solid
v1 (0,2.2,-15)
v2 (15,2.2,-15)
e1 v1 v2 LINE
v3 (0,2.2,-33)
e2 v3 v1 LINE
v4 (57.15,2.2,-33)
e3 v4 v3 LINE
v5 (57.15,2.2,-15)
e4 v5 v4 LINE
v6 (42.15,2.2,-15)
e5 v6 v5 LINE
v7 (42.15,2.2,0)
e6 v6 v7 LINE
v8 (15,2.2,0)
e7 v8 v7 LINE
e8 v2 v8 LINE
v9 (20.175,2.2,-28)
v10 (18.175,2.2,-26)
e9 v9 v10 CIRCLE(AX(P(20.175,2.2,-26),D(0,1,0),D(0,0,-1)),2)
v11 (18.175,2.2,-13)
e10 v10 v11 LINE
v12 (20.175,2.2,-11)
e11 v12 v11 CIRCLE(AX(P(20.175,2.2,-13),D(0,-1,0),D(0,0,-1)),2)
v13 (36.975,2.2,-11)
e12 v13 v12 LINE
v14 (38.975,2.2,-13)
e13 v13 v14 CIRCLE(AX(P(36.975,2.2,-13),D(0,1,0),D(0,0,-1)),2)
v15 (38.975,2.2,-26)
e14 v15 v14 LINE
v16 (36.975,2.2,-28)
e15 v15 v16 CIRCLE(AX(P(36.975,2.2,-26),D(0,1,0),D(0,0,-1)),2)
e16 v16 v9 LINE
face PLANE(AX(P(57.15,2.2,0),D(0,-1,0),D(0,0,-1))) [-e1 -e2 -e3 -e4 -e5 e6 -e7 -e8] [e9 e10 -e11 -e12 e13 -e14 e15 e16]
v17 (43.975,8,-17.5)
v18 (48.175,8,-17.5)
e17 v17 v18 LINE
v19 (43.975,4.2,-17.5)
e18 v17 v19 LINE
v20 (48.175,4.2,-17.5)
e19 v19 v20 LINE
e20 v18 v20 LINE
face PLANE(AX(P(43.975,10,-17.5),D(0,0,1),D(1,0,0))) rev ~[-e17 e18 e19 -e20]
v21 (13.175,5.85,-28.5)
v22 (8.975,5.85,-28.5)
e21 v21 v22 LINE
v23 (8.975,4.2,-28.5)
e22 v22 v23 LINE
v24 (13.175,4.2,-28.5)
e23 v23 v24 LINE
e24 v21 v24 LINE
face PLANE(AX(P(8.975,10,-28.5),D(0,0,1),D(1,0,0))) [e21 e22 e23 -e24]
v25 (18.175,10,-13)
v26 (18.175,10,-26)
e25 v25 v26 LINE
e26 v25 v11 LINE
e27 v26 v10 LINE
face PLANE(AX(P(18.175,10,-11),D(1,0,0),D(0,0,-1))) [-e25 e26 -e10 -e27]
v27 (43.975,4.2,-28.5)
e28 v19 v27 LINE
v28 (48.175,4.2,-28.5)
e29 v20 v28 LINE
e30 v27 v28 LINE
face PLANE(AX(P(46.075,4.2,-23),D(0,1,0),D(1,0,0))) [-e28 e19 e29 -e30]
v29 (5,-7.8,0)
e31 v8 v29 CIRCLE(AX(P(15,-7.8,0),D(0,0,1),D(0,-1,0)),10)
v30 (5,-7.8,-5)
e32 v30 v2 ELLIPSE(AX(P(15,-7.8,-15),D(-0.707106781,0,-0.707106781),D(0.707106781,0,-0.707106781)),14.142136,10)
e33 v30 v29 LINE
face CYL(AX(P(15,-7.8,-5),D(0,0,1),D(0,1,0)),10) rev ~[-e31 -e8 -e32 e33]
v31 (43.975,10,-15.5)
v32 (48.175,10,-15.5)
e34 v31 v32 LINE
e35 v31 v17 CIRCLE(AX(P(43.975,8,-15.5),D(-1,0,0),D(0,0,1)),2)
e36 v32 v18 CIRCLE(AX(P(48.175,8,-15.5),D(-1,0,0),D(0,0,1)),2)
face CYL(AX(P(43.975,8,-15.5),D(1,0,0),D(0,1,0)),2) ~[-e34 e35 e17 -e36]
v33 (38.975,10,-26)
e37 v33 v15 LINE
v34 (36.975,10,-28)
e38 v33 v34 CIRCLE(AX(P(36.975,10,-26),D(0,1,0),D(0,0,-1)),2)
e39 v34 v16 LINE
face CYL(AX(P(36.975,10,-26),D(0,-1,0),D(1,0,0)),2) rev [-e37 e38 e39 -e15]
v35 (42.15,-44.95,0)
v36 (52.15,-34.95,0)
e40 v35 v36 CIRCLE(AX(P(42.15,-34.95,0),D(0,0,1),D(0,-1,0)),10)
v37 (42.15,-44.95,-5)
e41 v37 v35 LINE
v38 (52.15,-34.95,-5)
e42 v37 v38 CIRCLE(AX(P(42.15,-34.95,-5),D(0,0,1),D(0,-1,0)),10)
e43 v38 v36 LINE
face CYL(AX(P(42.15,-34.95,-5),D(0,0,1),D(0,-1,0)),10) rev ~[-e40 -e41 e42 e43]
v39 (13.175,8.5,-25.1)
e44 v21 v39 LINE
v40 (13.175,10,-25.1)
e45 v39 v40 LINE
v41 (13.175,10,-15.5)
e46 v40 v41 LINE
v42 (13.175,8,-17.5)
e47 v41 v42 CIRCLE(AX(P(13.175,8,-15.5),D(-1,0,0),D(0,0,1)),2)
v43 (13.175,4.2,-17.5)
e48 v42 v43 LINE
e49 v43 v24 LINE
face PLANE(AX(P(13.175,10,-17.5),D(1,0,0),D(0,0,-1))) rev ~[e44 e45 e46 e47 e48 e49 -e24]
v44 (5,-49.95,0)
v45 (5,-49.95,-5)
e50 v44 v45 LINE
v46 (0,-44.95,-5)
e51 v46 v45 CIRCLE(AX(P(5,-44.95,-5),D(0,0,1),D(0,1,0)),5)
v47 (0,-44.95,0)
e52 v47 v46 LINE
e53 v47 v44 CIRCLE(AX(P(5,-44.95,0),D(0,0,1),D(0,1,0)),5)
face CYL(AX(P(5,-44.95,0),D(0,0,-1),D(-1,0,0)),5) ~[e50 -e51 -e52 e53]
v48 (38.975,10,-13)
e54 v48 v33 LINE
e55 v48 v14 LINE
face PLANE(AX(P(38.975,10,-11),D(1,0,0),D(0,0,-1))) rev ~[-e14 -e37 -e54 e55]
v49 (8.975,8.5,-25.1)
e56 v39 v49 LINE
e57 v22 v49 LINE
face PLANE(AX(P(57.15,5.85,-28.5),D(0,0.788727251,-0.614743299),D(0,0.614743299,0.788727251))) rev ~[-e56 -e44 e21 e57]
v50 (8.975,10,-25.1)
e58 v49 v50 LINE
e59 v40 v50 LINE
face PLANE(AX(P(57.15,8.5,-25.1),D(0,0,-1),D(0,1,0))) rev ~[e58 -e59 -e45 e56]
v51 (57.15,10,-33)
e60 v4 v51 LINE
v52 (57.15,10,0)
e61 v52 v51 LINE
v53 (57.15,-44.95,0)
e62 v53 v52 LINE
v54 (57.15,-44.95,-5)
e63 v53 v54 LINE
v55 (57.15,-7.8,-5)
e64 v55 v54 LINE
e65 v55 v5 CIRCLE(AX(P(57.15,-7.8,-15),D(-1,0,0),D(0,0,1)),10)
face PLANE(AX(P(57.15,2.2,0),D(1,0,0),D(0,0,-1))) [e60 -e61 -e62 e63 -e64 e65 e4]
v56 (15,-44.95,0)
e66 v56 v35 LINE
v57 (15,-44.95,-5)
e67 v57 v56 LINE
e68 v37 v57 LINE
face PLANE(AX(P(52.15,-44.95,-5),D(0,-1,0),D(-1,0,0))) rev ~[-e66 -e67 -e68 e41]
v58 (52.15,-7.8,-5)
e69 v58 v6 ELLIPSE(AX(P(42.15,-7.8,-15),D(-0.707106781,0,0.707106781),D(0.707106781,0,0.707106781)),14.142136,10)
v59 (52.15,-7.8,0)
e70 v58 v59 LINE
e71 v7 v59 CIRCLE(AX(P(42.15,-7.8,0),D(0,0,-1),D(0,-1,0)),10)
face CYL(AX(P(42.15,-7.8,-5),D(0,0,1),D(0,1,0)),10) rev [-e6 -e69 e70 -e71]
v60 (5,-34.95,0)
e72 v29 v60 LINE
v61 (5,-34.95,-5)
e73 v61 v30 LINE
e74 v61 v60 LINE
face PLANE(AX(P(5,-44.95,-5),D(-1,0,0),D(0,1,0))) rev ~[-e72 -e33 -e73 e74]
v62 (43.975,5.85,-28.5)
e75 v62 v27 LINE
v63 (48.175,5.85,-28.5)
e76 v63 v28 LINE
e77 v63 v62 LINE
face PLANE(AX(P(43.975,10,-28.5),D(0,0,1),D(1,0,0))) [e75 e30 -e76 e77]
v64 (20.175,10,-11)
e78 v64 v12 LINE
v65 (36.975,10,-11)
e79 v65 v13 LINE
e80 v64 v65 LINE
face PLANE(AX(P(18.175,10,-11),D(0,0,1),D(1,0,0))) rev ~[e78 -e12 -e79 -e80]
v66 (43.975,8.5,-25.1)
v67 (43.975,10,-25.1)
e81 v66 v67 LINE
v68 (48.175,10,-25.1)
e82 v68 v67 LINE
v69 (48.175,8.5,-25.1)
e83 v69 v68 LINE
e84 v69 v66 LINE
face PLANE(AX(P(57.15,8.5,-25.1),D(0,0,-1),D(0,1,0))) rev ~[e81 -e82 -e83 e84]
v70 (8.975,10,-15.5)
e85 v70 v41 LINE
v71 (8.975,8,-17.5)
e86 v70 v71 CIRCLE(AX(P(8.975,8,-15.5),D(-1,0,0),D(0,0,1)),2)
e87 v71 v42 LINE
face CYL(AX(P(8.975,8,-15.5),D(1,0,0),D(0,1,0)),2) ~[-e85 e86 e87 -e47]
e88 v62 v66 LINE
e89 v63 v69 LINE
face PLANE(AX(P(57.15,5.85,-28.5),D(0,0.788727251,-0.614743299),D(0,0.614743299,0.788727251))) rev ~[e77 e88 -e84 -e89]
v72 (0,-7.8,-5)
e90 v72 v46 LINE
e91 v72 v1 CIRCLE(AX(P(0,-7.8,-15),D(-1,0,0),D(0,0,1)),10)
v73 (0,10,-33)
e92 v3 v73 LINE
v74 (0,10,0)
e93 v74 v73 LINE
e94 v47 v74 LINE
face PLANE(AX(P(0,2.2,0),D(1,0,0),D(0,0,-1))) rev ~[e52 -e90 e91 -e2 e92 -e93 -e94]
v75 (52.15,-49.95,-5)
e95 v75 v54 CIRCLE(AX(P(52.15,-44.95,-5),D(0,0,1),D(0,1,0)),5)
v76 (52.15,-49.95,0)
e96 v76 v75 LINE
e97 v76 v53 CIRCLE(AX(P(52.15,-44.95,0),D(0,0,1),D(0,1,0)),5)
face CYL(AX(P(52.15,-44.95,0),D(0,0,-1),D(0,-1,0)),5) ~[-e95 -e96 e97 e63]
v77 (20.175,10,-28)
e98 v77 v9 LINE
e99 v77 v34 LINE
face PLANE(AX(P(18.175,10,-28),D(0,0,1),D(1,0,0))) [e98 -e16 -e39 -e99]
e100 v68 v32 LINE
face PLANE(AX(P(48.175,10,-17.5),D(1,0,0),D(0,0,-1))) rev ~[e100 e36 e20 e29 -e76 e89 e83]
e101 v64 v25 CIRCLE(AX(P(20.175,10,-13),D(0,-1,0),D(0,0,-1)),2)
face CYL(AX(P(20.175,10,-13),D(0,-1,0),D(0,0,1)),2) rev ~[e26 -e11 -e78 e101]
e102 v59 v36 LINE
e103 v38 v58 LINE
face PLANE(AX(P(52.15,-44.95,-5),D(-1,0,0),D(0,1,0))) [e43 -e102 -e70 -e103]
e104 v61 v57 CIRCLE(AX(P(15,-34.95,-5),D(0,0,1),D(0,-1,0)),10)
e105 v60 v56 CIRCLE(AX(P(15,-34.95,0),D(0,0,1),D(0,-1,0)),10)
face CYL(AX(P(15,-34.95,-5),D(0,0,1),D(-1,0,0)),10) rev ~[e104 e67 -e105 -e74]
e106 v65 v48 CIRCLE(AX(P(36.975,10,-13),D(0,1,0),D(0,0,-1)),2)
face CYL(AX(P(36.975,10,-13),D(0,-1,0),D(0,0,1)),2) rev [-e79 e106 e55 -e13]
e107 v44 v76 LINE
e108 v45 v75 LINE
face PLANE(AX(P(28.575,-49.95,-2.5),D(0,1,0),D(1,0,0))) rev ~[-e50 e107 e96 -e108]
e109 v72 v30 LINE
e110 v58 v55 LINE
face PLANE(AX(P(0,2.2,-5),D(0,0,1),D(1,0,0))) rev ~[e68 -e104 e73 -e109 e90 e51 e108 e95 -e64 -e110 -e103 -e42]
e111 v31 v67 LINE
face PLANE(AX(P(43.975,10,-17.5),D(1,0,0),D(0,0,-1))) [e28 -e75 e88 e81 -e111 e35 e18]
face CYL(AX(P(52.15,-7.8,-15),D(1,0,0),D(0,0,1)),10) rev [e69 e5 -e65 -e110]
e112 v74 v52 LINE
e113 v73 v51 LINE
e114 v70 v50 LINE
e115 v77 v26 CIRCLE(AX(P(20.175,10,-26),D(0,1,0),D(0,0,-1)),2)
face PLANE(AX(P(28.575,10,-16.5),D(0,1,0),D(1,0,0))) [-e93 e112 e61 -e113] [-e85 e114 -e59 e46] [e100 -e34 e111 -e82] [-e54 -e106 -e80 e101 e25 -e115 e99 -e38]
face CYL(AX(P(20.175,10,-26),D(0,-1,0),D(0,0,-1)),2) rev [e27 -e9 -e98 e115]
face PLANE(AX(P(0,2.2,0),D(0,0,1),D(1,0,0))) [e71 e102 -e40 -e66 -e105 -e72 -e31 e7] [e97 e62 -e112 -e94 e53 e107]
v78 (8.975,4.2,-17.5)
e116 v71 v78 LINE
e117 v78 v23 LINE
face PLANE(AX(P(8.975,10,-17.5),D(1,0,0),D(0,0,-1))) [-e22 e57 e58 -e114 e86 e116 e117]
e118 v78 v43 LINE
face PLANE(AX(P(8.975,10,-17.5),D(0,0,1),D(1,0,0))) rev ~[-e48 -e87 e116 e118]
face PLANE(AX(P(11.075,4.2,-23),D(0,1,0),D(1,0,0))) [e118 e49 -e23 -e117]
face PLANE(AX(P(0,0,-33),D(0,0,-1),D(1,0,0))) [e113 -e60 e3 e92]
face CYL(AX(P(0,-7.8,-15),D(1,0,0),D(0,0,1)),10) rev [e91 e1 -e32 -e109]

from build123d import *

# Parameters (mm, degrees)
SKETCH1_W               = 57.15
SKETCH1_H               = 33
BOSS_EXTRUDE1_DEPTH     = 10
SKETCH2_W               = 4.2
SKETCH2_H               = 11
CUT_EXTRUDE1_DEPTH      = 5.8
BOSS_EXTRUDE2_START     = -43.975
BOSS_EXTRUDE2_DEPTH     = 55.8
SKETCH4_W               = 33
SKETCH4_H               = 2.2
CUT_EXTRUDE2_DEPTH      = 1
CUT_EXTRUDE2_DEPTH_BACK = 58.15
FILLET1_R               = 2
SKETCH7_W               = 20.8
SKETCH7_H               = 17
CUT_EXTRUDE4_DEPTH      = 16
FILLET2_R               = 2
BOSS_EXTRUDE4_START     = -7.8
SKETCH5_W               = 57.15
SKETCH5_H               = 5
BOSS_EXTRUDE4_DEPTH     = 52.15
SKETCH8_W               = 47.15
SKETCH8_H               = 47.15
CUT_EXTRUDE5_DEPTH      = 52.15
FILLET3_R               = 10
FILLET4_R               = 5


with BuildPart() as part:
    # Sketch1 → Boss-Extrude1 (new body)
    with BuildSketch(Plane(origin=(0, 0, 0), x_dir=(1, 0, 0), z_dir=(0, 1, 0))):
        with Locations((28.575, 16.5)):
            Rectangle(SKETCH1_W, SKETCH1_H)
    extrude(amount=BOSS_EXTRUDE1_DEPTH)

    # Sketch2 → Cut-Extrude1 (cut)
    with BuildSketch(Plane(origin=(0, 10, 0), x_dir=(1, 0, 0), z_dir=(0, 1, 0))):
        with Locations((11.075, 23)):
            Rectangle(SKETCH2_W, SKETCH2_H)
        with Locations((46.075, 23)):
            Rectangle(SKETCH2_W, SKETCH2_H)
    extrude(amount=-CUT_EXTRUDE1_DEPTH, mode=Mode.SUBTRACT)

    # Sketch3 → Boss-Extrude2 (add)
    with BuildSketch(Plane.ZY.offset(-13.175).offset(BOSS_EXTRUDE2_START)):
        Polygon((-28.5, 5.85), (-25.1, 8.5), (-25.1, 10), (-28.5, 10), align=None)
    extrude(amount=BOSS_EXTRUDE2_DEPTH)

    # Sketch4 → Cut-Extrude2 (cut, two sides)
    with BuildSketch(Plane(origin=(57.15, 0, 0), x_dir=(0, 0, -1), z_dir=(1, 0, 0))) as cut_extrude2_sk:
        with Locations((16.5, 1.1)):
            Rectangle(SKETCH4_W, SKETCH4_H)
    extrude(amount=CUT_EXTRUDE2_DEPTH, mode=Mode.SUBTRACT)
    extrude(cut_extrude2_sk.sketch, amount=-CUT_EXTRUDE2_DEPTH_BACK, mode=Mode.SUBTRACT)

    # Fillet1
    fillet1_edges = [part.edges().sort_by_distance(p)[0] for p in [
        (11.075, 10, -17.5),
        (46.075, 10, -17.5),
    ]]
    fillet(fillet1_edges, radius=FILLET1_R)

    # Sketch7 → Cut-Extrude4 (cut)
    with BuildSketch(Plane(origin=(0, 10, 0), x_dir=(1, 0, 0), z_dir=(0, 1, 0))):
        with Locations((28.575, 19.5)):
            Rectangle(SKETCH7_W, SKETCH7_H)
    extrude(amount=-CUT_EXTRUDE4_DEPTH, mode=Mode.SUBTRACT)

    # Fillet2
    fillet2_edges = [part.edges().sort_by_distance(p)[0] for p in [
        (18.175, 6.1, -11),
        (18.175, 6.1, -28),
        (38.975, 6.1, -28),
        (38.975, 6.1, -11),
    ]]
    fillet(fillet2_edges, radius=FILLET2_R)

    # Sketch5 → Boss-Extrude4 (add)
    with BuildSketch(Plane(origin=(0, 10, 0), x_dir=(1, 0, 0), z_dir=(0, 1, 0)).offset(BOSS_EXTRUDE4_START)):
        with Locations((28.575, 2.5)):
            Rectangle(SKETCH5_W, SKETCH5_H)
    extrude(amount=-BOSS_EXTRUDE4_DEPTH)

    # Sketch8 → Cut-Extrude5 (cut)
    with BuildSketch(Plane(origin=(0, 0, -5), x_dir=(-1, 0, 0), z_dir=(0, 0, -1))):
        with Locations((-28.575, -21.375)):
            Rectangle(SKETCH8_W, SKETCH8_H)
    extrude(amount=-CUT_EXTRUDE5_DEPTH, mode=Mode.SUBTRACT)

    # Fillet3
    fillet3_edges = [part.edges().sort_by_distance(p)[0] for p in [
        (54.65, 2.2, -5),
        (2.5, 2.2, -5),
        (52.15, -44.95, -2.5),
        (52.15, 2.2, -2.5),
        (5, 2.2, -2.5),
        (5, -44.95, -2.5),
    ]]
    fillet(fillet3_edges, radius=FILLET3_R)

    # Fillet4
    fillet4_edges = [part.edges().sort_by_distance(p)[0] for p in [
        (57.15, -49.95, -2.5),
        (0, -49.95, -2.5),
    ]]
    fillet(fillet4_edges, radius=FILLET4_R)


solid = part.part
